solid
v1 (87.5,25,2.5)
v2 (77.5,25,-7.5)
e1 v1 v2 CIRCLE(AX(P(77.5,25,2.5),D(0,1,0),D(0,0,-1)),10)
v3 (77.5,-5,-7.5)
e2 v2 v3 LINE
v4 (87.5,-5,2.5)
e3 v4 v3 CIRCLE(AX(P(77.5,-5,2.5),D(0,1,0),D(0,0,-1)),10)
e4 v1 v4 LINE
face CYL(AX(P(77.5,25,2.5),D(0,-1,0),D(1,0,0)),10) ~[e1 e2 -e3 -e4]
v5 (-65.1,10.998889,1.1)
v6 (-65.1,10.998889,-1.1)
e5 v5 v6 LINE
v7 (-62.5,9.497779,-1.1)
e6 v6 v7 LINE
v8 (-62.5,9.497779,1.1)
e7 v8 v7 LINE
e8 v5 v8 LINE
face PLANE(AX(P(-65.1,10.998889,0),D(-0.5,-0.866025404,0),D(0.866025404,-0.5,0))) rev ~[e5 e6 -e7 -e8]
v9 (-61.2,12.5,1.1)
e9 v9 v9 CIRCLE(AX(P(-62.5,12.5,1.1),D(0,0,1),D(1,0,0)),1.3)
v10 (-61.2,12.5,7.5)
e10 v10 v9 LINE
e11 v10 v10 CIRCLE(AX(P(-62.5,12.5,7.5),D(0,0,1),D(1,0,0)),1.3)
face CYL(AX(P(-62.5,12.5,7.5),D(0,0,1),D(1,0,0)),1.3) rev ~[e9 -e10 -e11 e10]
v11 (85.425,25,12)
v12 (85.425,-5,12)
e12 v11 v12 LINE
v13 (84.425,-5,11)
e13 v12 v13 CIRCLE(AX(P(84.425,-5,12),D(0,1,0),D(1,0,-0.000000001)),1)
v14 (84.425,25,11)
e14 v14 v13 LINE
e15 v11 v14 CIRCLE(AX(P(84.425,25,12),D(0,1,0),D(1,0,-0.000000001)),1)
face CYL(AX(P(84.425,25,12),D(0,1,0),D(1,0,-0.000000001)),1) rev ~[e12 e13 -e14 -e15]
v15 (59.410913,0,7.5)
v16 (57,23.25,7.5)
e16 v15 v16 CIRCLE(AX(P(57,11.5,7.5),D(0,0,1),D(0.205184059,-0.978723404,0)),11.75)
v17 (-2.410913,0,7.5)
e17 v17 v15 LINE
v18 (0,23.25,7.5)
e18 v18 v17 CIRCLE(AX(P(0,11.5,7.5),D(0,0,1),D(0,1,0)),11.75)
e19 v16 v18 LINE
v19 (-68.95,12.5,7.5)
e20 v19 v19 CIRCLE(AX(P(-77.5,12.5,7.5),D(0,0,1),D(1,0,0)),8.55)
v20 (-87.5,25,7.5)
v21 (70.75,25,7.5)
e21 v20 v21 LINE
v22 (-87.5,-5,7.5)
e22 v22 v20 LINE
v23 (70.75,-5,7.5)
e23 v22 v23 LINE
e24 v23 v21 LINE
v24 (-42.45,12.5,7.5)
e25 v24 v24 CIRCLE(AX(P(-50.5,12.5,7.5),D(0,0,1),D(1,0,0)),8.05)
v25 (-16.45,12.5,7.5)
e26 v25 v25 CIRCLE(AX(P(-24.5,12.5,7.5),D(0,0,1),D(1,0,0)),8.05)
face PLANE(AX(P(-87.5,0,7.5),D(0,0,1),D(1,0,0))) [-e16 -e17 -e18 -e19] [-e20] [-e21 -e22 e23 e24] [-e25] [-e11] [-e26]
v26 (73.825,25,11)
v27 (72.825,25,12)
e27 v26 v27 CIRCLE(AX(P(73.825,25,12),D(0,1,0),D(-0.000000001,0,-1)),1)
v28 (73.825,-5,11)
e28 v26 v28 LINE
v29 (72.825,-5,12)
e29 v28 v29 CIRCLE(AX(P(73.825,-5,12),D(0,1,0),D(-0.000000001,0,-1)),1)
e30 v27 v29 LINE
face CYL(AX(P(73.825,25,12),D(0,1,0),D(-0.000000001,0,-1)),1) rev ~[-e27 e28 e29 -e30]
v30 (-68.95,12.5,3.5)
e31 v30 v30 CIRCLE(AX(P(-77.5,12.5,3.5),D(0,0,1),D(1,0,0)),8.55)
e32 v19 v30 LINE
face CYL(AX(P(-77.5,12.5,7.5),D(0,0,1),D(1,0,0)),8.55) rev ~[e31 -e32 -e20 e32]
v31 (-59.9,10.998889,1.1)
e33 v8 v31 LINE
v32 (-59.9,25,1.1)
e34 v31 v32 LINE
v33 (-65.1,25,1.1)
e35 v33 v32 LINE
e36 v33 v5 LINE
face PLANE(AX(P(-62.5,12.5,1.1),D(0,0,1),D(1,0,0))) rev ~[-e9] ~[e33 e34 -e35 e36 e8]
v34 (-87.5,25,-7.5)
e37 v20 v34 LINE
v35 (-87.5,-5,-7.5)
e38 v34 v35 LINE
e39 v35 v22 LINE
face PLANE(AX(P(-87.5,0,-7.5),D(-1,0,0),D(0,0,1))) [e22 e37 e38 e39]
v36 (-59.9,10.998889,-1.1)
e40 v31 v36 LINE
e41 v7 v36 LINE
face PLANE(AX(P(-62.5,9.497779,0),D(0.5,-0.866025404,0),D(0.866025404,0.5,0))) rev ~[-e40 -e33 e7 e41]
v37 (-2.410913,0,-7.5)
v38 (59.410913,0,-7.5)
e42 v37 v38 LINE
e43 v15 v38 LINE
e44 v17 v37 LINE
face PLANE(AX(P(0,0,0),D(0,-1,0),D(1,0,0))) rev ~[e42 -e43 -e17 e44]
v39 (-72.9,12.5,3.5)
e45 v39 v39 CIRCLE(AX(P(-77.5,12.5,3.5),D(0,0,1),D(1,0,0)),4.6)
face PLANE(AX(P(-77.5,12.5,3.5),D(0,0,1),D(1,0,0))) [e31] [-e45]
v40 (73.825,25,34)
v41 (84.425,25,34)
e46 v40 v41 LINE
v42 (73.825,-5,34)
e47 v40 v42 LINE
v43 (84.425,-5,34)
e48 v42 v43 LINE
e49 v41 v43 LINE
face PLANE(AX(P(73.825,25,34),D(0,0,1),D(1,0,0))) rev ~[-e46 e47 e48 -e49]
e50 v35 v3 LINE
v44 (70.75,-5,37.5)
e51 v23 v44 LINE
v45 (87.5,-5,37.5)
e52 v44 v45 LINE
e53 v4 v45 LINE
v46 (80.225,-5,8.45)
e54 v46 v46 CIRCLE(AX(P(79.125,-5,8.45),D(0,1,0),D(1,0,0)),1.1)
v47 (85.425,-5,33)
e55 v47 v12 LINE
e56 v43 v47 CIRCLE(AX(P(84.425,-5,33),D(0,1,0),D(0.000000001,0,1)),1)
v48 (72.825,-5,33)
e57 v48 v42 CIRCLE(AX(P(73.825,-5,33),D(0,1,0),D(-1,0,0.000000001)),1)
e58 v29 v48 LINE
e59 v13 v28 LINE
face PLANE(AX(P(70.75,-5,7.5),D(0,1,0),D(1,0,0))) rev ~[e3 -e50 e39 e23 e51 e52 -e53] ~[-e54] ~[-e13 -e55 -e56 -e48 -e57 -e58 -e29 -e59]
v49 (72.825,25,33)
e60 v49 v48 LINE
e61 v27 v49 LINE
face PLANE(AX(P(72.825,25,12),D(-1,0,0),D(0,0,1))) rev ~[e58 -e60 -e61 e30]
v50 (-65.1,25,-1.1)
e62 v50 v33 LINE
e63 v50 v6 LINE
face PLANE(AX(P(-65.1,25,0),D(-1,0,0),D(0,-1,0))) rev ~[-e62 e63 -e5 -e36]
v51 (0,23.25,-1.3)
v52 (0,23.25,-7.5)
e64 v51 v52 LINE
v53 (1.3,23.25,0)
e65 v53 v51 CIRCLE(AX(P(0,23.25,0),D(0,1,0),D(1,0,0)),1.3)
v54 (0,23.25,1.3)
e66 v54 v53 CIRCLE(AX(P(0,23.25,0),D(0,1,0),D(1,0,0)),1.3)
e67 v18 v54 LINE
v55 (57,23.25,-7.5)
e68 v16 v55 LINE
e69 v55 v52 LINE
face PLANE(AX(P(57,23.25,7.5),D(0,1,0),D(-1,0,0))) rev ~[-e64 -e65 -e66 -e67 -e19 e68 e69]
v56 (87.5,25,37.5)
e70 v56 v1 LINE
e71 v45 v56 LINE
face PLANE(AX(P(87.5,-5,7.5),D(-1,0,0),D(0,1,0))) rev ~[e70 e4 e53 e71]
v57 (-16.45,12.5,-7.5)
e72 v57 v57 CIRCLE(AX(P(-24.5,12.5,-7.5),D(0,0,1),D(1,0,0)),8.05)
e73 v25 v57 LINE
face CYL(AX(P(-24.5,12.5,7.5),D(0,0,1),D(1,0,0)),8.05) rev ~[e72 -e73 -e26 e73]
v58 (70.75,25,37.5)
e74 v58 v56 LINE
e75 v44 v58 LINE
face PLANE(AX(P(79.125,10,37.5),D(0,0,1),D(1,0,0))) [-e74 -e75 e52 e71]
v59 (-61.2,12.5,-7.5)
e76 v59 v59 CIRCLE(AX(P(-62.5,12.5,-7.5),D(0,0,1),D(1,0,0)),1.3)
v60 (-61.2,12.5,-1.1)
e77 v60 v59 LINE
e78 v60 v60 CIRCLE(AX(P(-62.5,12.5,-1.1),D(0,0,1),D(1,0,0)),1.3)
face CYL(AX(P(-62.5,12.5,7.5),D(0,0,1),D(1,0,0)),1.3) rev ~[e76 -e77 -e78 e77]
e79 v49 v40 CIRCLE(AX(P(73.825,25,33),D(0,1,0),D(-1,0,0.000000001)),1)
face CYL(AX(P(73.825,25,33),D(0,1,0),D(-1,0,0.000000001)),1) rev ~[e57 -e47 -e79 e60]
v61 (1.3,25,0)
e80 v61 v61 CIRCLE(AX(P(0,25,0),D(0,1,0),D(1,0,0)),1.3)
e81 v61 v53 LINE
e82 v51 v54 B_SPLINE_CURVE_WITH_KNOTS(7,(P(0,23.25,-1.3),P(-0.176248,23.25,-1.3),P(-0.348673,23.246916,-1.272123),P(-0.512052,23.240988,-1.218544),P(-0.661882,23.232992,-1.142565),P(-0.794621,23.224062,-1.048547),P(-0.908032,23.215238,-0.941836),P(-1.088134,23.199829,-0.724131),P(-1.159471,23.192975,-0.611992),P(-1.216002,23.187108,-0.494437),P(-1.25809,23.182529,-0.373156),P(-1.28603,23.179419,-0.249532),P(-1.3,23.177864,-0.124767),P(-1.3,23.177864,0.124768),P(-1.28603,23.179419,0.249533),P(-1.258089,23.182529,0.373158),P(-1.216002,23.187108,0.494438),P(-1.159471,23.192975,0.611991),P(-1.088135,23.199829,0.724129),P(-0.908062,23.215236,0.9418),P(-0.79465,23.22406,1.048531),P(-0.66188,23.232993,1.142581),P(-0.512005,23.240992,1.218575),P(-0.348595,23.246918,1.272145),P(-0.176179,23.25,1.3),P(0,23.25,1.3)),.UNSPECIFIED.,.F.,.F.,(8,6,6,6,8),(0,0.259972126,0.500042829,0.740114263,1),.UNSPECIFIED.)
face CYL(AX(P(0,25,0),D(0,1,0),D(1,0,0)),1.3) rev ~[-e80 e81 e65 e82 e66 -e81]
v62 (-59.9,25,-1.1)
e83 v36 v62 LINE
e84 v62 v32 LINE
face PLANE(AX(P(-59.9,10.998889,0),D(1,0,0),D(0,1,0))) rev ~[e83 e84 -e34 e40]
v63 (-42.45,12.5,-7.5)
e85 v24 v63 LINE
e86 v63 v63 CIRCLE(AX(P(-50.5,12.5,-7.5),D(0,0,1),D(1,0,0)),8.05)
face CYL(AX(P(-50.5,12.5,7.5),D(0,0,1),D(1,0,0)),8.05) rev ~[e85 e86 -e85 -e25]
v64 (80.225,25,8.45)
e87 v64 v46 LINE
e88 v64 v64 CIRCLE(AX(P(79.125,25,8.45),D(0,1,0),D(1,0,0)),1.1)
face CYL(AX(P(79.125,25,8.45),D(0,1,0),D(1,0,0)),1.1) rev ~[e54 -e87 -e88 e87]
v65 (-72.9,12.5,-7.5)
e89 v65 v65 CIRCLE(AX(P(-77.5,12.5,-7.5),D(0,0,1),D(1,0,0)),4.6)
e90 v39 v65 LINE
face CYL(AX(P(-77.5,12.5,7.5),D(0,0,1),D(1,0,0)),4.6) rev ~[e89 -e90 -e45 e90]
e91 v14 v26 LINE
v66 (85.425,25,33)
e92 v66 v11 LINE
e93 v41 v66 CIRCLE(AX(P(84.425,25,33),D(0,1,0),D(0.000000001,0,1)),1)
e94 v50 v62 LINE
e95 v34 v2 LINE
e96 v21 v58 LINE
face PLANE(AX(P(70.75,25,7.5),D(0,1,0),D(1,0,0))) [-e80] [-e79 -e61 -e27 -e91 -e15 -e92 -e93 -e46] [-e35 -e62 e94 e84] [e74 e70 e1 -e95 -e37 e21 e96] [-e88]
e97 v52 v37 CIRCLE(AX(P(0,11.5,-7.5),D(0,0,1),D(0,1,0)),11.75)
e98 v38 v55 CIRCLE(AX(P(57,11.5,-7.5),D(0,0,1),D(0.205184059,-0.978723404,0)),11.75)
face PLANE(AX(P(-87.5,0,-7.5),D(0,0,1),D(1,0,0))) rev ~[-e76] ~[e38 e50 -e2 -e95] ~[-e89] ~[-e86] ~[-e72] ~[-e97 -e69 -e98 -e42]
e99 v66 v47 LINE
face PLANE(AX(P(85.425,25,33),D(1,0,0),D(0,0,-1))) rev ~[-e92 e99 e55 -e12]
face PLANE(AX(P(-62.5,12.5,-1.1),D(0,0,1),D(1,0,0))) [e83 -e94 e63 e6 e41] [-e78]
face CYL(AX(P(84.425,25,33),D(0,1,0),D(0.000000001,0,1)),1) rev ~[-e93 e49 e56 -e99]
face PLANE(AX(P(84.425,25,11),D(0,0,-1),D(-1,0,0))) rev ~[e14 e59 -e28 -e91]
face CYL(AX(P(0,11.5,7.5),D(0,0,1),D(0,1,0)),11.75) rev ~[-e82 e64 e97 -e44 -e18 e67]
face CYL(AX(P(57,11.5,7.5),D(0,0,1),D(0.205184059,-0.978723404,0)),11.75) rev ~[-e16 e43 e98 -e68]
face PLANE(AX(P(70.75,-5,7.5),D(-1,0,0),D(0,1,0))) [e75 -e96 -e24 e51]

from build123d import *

# Parameters (mm, degrees)
SKETCH1_W           = 175
SKETCH1_H           = 15
BOSS_EXTRUDE1_DEPTH = 25
CUT_EXTRUDE1_REACH  = 17
SKETCH3_R           = 4.6
SKETCH3_R_2         = 8.05
SKETCH3_R_3         = 1.3
SKETCH3_3_R         = 8.55
SKETCH3_3_R_2       = 4.6
CUT_EXTRUDE2_DEPTH  = 4
CUT_EXTRUDE3_DEPTH  = 1.1
CUT_EXTRUDE4_REACH  = 27
SKETCH5_R           = 1.3
CUT_EXTRUDE6_REACH  = 17
SKETCH8_W           = 175
SKETCH8_H           = 15
BOSS_EXTRUDE2_DEPTH = 5
SKETCH9_W           = 16.75
SKETCH9_H           = 30
BOSS_EXTRUDE3_DEPTH = 30
SKETCH10_R          = 1.1
CUT_EXTRUDE7_DEPTH  = 30
FILLET1_R           = 10


with BuildPart() as part:
    # Sketch1 → Boss-Extrude1 (new body)
    with BuildSketch(Plane(origin=(0, 0, 0), x_dir=(1, 0, 0), z_dir=(0, 1, 0))):
        Rectangle(SKETCH1_W, SKETCH1_H)
    extrude(amount=BOSS_EXTRUDE1_DEPTH)

    # Sketch3 → Cut-Extrude1 (cut, up to next)
    with BuildSketch(Plane.XY.offset(7.5), mode=Mode.PRIVATE) as cut_extrude1_sk1:
        with Locations((-77.5, 12.5)):
            Circle(SKETCH3_R)
    cut_extrude1_tool1 = extrude(cut_extrude1_sk1.sketch, amount=-CUT_EXTRUDE1_REACH, mode=Mode.PRIVATE) & part.part
    add(cut_extrude1_tool1.solids().sort_by_distance((-77.5, 12.5, 7.5))[0], mode=Mode.SUBTRACT)
    # Sketch3 → Cut-Extrude1 (cut, up to next)
    with BuildSketch(Plane.XY.offset(7.5), mode=Mode.PRIVATE) as cut_extrude1_sk2:
        with Locations((-50.5, 12.5)):
            Circle(SKETCH3_R_2)
    cut_extrude1_tool2 = extrude(cut_extrude1_sk2.sketch, amount=-CUT_EXTRUDE1_REACH, mode=Mode.PRIVATE) & part.part
    add(cut_extrude1_tool2.solids().sort_by_distance((-50.5, 12.5, 7.5))[0], mode=Mode.SUBTRACT)
    # Sketch3 → Cut-Extrude1 (cut, up to next)
    with BuildSketch(Plane.XY.offset(7.5), mode=Mode.PRIVATE) as cut_extrude1_sk3:
        with Locations((-24.5, 12.5)):
            Circle(SKETCH3_R_2)
    cut_extrude1_tool3 = extrude(cut_extrude1_sk3.sketch, amount=-CUT_EXTRUDE1_REACH, mode=Mode.PRIVATE) & part.part
    add(cut_extrude1_tool3.solids().sort_by_distance((-24.5, 12.5, 7.5))[0], mode=Mode.SUBTRACT)
    # Sketch3 → Cut-Extrude1 (cut, up to next)
    with BuildSketch(Plane.XY.offset(7.5), mode=Mode.PRIVATE) as cut_extrude1_sk4:
        with Locations((-62.5, 12.5)):
            Circle(SKETCH3_R_3)
    cut_extrude1_tool4 = extrude(cut_extrude1_sk4.sketch, amount=-CUT_EXTRUDE1_REACH, mode=Mode.PRIVATE) & part.part
    add(cut_extrude1_tool4.solids().sort_by_distance((-62.5, 12.5, 7.5))[0], mode=Mode.SUBTRACT)

    # Sketch3<3> → Cut-Extrude2 (cut)
    with BuildSketch(Plane.XY.offset(7.5)):
        with Locations((-77.5, 12.5)):
            Circle(SKETCH3_3_R)
        with Locations((-77.5, 12.5)):
            Circle(SKETCH3_3_R_2, mode=Mode.SUBTRACT)
    extrude(amount=-CUT_EXTRUDE2_DEPTH, mode=Mode.SUBTRACT)

    # Sketch4 → Cut-Extrude3 (cut, symmetric)
    with BuildSketch(Plane.XY):
        Polygon((-59.9, 10.9988893), (-59.9, 14.0011107), (-62.5, 15.5022214), (-65.1, 14.0011107), (-65.1, 10.9988893), (-62.5, 9.4977786), align=None)
        Polygon((-59.9, 25), (-59.9, 14.0011107), (-62.5, 15.5022214), (-65.1, 14.0011107), (-65.1, 25), align=None)
    extrude(amount=CUT_EXTRUDE3_DEPTH, both=True, mode=Mode.SUBTRACT)

    # Sketch5 → Cut-Extrude4 (cut, up to next)
    with BuildSketch(Plane(origin=(0, 25, 0), x_dir=(1, 0, 0), z_dir=(0, 1, 0)), mode=Mode.PRIVATE) as cut_extrude4_sk1:
        Circle(SKETCH5_R)
    cut_extrude4_tool1 = extrude(cut_extrude4_sk1.sketch, amount=-CUT_EXTRUDE4_REACH, mode=Mode.PRIVATE) & part.part
    add(cut_extrude4_tool1.solids().sort_by_distance((0, 25, 0))[0], mode=Mode.SUBTRACT)

    # Sketch6 → Cut-Extrude6 (cut, up to next)
    with BuildSketch(Plane.XY.offset(7.5), mode=Mode.PRIVATE) as cut_extrude6_sk1:
        with BuildLine():
            Line((57, 23), (0, 23))
            ThreePointArc((0, 23), (-11.5, 11.5), (0, 0))
            Line((0, 0), (57, 0))
            ThreePointArc((57, 0), (68.5, 11.5), (57, 23))
        make_face()
    cut_extrude6_tool1 = extrude(cut_extrude6_sk1.sketch, amount=-CUT_EXTRUDE6_REACH, mode=Mode.PRIVATE) & part.part
    add(cut_extrude6_tool1.solids().sort_by_distance((28.5, 11.5, 7.5))[0], mode=Mode.SUBTRACT)
    # Sketch6 → Cut-Extrude6 (cut, up to next)
    with BuildSketch(Plane.XY.offset(7.5), mode=Mode.PRIVATE) as cut_extrude6_sk2:
        with BuildLine():
            ThreePointArc((0, 0), (-11.5, 11.5), (0, 23))
            Line((0, 23), (57, 23))
            ThreePointArc((57, 23), (68.5, 11.5), (57, 0))
            Line((57, 0), (59.41091269, 0))
            ThreePointArc((59.41091269, 0), (68.687332887, 12.711919964), (57, 23.25))
            Line((57, 23.25), (0, 23.25))
            ThreePointArc((0, 23.25), (-11.687332887, 12.711919964), (-2.41091269, 0))
            Line((-2.41091269, 0), (0, 0))
        make_face()
    cut_extrude6_tool2 = extrude(cut_extrude6_sk2.sketch, amount=-CUT_EXTRUDE6_REACH, mode=Mode.PRIVATE) & part.part
    add(cut_extrude6_tool2.solids().sort_by_distance((68.603989, 12.703278, 7.5))[0], mode=Mode.SUBTRACT)

    # Sketch8 → Boss-Extrude2 (add)
    with BuildSketch(Plane.XZ):
        Rectangle(SKETCH8_W, SKETCH8_H)
    extrude(amount=BOSS_EXTRUDE2_DEPTH)

    # Sketch9 → Boss-Extrude3 (add)
    with BuildSketch(Plane.XY.offset(7.5)):
        with Locations((79.125, 10)):
            Rectangle(SKETCH9_W, SKETCH9_H)
    extrude(amount=BOSS_EXTRUDE3_DEPTH)

    # Sketch10 → Cut-Extrude7 (cut)
    with BuildSketch(Plane(origin=(0, 25, 0), x_dir=(1, 0, 0), z_dir=(0, 1, 0))):
        with Locations((79.125, -8.45)):
            Circle(SKETCH10_R)
        with BuildLine():
            Line((73.825, -34), (84.425, -34))
            ThreePointArc((84.425, -34), (85.132106781, -33.707106781), (85.425, -33))
            Line((85.425, -33), (85.425, -12))
            ThreePointArc((85.425, -12), (85.132106781, -11.292893219), (84.425, -11))
            Line((84.425, -11), (73.825, -11))
            ThreePointArc((73.825, -11), (73.117893219, -11.292893219), (72.825, -12))
            Line((72.825, -12), (72.825, -33))
            ThreePointArc((72.825, -33), (73.117893219, -33.707106781), (73.825, -34))
        make_face()
    extrude(amount=-CUT_EXTRUDE7_DEPTH, mode=Mode.SUBTRACT)

    # Fillet1
    fillet1_edges = [part.edges().sort_by_distance(p)[0] for p in [
        (87.5, 10, -7.5),
    ]]
    fillet(fillet1_edges, radius=FILLET1_R)


solid = part.part
